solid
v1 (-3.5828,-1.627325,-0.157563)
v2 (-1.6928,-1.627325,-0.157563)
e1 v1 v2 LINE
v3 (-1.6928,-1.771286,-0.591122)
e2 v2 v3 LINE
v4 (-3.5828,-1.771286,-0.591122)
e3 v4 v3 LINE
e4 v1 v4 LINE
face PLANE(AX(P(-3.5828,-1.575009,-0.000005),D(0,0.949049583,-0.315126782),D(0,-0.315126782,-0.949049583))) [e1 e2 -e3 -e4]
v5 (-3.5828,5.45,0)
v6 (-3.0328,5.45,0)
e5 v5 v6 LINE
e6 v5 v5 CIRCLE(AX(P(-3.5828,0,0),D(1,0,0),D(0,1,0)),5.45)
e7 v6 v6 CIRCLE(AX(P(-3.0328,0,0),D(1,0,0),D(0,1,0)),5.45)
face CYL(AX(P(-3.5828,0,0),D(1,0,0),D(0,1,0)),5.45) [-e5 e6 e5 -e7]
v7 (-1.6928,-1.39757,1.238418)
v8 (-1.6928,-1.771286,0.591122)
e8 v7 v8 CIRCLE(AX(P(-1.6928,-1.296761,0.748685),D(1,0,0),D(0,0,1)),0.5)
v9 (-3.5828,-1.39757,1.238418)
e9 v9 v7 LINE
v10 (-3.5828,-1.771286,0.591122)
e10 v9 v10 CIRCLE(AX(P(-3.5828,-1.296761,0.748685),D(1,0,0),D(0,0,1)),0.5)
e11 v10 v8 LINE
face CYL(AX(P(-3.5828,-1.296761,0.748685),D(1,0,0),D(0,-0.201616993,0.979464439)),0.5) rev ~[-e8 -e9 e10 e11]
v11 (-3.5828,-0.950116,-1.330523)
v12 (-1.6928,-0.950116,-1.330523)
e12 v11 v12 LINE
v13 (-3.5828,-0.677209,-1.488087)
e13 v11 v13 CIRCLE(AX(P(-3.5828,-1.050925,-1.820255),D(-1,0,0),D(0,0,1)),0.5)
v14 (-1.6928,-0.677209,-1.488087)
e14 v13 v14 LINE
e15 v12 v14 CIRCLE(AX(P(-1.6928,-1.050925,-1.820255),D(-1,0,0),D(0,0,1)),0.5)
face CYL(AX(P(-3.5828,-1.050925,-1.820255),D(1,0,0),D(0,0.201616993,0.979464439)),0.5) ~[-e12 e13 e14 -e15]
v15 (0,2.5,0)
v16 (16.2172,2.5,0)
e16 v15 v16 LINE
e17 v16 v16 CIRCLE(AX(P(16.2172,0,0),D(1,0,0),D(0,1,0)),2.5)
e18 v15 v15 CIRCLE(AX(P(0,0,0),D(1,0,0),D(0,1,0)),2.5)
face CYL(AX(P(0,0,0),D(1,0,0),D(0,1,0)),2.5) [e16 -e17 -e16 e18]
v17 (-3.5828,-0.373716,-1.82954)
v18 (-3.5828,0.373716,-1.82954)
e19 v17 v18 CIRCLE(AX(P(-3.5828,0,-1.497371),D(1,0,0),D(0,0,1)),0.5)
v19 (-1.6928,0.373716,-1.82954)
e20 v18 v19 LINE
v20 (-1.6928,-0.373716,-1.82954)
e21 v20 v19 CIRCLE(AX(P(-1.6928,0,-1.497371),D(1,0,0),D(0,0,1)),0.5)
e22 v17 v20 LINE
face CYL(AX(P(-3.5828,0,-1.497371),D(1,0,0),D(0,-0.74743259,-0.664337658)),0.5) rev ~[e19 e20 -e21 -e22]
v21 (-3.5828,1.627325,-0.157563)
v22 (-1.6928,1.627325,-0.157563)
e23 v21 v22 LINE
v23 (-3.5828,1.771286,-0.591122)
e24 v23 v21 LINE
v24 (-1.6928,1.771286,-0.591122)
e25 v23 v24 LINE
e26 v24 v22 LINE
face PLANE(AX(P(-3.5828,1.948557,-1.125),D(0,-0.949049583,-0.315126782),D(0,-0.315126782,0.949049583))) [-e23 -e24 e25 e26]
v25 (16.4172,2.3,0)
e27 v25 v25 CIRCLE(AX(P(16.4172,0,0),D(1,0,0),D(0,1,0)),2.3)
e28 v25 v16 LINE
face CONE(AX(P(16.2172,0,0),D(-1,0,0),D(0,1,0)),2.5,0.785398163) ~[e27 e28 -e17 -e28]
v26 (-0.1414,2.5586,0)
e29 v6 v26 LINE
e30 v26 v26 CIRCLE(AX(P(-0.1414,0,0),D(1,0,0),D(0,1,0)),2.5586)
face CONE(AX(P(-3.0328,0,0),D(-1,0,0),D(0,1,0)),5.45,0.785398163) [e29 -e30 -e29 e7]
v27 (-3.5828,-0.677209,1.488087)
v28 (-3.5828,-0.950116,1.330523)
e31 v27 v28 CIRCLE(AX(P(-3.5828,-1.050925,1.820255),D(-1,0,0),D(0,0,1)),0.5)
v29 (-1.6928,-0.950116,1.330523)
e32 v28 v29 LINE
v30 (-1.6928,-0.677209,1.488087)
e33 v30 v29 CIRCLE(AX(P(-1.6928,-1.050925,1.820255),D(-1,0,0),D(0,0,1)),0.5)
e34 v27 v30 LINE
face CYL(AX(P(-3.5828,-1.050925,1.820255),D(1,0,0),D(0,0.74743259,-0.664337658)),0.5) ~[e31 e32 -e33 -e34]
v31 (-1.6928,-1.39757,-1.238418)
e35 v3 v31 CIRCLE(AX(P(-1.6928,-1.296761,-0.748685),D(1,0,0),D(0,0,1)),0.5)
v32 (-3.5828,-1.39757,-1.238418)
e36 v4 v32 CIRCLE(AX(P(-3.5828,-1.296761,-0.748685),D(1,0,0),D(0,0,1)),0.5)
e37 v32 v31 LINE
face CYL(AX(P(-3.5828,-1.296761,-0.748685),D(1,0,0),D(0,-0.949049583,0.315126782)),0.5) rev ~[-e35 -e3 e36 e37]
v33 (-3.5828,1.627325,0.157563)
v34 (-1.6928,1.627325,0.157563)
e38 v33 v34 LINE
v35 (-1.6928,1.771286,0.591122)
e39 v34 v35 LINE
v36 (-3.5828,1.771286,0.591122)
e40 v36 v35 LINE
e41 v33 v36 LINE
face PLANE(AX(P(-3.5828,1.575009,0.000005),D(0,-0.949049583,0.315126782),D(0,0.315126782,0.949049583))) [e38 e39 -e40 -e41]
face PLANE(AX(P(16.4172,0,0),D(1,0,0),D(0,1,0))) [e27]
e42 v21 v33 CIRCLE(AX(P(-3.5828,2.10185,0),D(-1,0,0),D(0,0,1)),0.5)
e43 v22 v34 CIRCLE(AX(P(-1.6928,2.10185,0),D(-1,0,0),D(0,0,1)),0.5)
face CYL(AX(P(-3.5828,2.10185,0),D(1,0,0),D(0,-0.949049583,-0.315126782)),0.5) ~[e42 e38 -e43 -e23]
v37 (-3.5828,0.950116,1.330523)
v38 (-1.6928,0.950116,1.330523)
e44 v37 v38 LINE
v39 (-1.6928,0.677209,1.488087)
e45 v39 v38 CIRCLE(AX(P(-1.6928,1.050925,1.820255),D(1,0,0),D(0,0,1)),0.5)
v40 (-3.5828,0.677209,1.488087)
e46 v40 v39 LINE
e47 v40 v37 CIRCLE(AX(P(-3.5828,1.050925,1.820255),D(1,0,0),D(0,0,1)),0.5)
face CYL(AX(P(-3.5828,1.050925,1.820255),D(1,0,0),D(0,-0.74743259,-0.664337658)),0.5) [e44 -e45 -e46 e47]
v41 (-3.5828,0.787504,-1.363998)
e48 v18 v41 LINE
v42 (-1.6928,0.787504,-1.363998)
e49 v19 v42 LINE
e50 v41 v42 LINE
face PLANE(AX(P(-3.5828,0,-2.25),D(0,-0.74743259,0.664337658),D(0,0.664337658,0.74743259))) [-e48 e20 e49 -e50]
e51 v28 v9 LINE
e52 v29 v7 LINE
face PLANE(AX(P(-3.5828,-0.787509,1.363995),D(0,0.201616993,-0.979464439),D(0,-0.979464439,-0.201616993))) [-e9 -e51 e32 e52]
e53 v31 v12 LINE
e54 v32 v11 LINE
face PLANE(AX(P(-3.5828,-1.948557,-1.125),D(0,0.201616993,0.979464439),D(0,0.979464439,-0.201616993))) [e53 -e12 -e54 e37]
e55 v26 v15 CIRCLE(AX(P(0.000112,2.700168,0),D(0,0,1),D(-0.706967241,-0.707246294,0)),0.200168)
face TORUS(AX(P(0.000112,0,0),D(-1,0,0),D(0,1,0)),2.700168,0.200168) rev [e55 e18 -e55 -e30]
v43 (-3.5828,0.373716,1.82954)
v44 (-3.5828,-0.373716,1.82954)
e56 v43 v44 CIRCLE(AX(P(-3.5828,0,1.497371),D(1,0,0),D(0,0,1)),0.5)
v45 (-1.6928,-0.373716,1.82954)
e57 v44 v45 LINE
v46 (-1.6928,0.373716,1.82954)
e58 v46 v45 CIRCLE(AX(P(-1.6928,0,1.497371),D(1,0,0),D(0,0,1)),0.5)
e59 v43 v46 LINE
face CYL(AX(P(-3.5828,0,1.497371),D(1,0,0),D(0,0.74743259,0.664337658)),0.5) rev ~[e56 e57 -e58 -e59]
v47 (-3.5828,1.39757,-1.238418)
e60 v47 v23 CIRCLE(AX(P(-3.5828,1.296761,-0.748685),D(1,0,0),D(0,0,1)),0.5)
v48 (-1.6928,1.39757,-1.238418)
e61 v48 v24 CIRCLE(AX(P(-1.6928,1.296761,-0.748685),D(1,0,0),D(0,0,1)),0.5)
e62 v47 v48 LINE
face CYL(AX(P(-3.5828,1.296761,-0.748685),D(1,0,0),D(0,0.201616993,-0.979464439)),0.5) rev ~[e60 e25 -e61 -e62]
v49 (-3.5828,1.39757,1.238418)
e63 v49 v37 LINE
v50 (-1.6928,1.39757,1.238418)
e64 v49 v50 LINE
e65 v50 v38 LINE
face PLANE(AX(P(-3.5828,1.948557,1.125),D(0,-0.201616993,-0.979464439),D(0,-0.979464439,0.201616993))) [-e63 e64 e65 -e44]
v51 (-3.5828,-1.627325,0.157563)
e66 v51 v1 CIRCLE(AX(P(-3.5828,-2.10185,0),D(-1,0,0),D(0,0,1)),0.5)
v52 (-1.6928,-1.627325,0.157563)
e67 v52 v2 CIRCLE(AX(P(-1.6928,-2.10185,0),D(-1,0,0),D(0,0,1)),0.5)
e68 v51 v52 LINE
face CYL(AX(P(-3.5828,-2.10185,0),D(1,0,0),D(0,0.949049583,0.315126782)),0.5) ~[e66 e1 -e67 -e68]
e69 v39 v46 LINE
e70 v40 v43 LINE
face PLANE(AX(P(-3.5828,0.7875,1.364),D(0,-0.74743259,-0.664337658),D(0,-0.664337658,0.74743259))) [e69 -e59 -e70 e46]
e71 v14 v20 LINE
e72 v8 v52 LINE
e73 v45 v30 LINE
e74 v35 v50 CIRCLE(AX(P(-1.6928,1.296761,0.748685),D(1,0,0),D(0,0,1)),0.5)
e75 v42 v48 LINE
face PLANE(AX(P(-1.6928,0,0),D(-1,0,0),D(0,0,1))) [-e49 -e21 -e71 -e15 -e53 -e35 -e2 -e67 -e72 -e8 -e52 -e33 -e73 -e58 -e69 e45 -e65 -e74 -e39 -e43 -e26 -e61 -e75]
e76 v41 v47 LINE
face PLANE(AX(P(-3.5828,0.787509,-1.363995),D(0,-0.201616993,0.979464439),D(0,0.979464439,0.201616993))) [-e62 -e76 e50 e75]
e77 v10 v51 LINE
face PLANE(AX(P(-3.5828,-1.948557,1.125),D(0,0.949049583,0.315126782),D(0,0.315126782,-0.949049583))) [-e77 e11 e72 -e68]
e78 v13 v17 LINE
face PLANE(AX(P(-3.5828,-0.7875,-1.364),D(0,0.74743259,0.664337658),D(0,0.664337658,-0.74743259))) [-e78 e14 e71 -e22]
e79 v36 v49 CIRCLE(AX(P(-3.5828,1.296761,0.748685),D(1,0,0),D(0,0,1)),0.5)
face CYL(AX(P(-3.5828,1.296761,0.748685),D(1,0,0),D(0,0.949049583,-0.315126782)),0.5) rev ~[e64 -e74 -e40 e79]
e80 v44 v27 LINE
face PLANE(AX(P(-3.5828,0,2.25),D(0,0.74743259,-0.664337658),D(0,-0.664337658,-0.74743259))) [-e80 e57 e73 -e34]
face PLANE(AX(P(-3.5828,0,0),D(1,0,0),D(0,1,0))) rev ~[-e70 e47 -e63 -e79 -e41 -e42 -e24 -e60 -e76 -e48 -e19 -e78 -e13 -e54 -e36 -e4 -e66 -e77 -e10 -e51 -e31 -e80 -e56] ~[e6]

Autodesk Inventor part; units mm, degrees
ref_plane "YZ Plane" through (0, 0, 0) normal (1, 0, 0) x (0, 1, 0)
ref_plane "XZ Plane" through (0, 0, 0) normal (0, 1, 0) x (-1, 0, 0)
ref_plane "XY Plane" through (0, 0, 0) normal (0, 0, 1) x (1, 0, 0)
sketch "Sketch1" plane through (0, 0, 0) normal (0, 0, 1) x (1, 0, 0)
  line L0 (16.4172, 2.5) -> (16.4172, 0)
  line L1 (-3.5828, 5.45) -> (-3.5828, 0)
  line L2 (-3.5828, 0) -> (16.4172, 0)
  line L3 (-4.3037, 0) -> (7.1102, 0)
  line L4 (-3.0328, 5.45) -> (-0.1414, 2.5586)
  line L5 (-3.5828, 5.45) -> (-3.0328, 5.45)
  line L6 (0, 2.5) -> (16.4172, 2.5)
  arc A0 (-0.1414, 2.5586) -> (0, 2.5) centre (0, 2.7) ccw
  line L7 (0, 2.5) -> (0, 0)
  point P0 (-0.0828, 2.5)
  dimension "d2" = 20
  dimension "d52" = 45
  dimension "d57" = 3.5
  dimension "d58" = 90
  dimension "d60" = 10.9
  dimension "d61" = 0.2
  dimension "d62" = 5
revolve "Revolution1" add sketch "Sketch1" angle 360 about axis through (-4.3037, 0, 0) along (1, 0, 0)
thread "Thread1" size "M5x0.8" class "6g" standard "ISO Metric profile" length 16.3
chamfer "Chamfer1" distance 0.2 angle 45 1 edges at (16.4172, -2.5, 0)
sketch "Sketch2" plane through (-3.5828, 0, 0) normal (-1, 0, 0) x (0, 0, 1)
  circle A0 centre (0, 0) radius 2.25 construction
  circle A1 centre (0, 0) radius 1.575 construction
  line L0 (2.6829, 0) -> (-1.3062, 0) construction
  line L1 (0, 0) -> (1.364, 0.7875)
  line L2 (0, 0) -> (1.364, -0.7875)
  line L3 (1.364, 0.7875) -> (2.25, 0)
  line L4 (2.25, 0) -> (1.364, -0.7875)
  point P0 (0, 0)
  dimension "d17" = 4.5
  dimension "d18" = 3.15
  dimension "d19" = 30
  dimension "d20" = 30
  dimension "d21" = 83.262
extrude "Extrusion1" cut sketch "Sketch2" against normal blind 1.89
pattern_circular "Circular Pattern1" count 6 over 360 about axis through (-10, 0, 0) along (1, 0, 0) of "Extrusion1"
fillet "Fillet1" radius 0.5 11 edges at (-2.6378, 0.7875, 1.364) (-2.6378, -0.7875, 1.364) (-2.6378, -1.575, 0) (-2.6378, 0, 2.25) (-2.6378, 1.575, 0) (-2.6378, -0.7875, -1.364) (-2.6378, 0, -2.25) (-2.6378, -1.9486, 1.125) (-2.6378, -1.9486, -1.125) (-2.6378, 1.9486, -1.125) (-2.6378, 1.9486, 1.125)
equation "\"d2\" = l_"
equation "\"d52\" = 0.5 * headAngle"
equation "\"d57\" = k"
equation "\"d60\" = dk"
equation "\"d61\" = r"
equation "\"d62\" = d_"
equation "\"d12\" = thredlenght"
equation "\"d17\" = A_"
equation "\"d18\" = 0.7 * A_"
equation "\"d22\" = t"
equation "\"d27\" = 0.1 * d_"
equation "\"p\" = 0.5"
equation "\"dk\" = 10.9"
equation "\"d_\" = 5"
equation "\"k\" = 3.5"
equation "\"r\" = 0.2"
equation "\"A_\" = 4.5"
equation "\"t\" = 1.89"
equation "\"l_\" = 20"
equation "\"lg\" = r + k"
equation "\"shldr\" = p"
equation "\"headAngle\" = 90deg"
equation "\"d53_Copy\" = 1.938"
equation "\"thredlenght\" = l_ - lg"
properties part number "Countersunk head screw ISO 14582 - M5x20-10.9" material "Steel"
